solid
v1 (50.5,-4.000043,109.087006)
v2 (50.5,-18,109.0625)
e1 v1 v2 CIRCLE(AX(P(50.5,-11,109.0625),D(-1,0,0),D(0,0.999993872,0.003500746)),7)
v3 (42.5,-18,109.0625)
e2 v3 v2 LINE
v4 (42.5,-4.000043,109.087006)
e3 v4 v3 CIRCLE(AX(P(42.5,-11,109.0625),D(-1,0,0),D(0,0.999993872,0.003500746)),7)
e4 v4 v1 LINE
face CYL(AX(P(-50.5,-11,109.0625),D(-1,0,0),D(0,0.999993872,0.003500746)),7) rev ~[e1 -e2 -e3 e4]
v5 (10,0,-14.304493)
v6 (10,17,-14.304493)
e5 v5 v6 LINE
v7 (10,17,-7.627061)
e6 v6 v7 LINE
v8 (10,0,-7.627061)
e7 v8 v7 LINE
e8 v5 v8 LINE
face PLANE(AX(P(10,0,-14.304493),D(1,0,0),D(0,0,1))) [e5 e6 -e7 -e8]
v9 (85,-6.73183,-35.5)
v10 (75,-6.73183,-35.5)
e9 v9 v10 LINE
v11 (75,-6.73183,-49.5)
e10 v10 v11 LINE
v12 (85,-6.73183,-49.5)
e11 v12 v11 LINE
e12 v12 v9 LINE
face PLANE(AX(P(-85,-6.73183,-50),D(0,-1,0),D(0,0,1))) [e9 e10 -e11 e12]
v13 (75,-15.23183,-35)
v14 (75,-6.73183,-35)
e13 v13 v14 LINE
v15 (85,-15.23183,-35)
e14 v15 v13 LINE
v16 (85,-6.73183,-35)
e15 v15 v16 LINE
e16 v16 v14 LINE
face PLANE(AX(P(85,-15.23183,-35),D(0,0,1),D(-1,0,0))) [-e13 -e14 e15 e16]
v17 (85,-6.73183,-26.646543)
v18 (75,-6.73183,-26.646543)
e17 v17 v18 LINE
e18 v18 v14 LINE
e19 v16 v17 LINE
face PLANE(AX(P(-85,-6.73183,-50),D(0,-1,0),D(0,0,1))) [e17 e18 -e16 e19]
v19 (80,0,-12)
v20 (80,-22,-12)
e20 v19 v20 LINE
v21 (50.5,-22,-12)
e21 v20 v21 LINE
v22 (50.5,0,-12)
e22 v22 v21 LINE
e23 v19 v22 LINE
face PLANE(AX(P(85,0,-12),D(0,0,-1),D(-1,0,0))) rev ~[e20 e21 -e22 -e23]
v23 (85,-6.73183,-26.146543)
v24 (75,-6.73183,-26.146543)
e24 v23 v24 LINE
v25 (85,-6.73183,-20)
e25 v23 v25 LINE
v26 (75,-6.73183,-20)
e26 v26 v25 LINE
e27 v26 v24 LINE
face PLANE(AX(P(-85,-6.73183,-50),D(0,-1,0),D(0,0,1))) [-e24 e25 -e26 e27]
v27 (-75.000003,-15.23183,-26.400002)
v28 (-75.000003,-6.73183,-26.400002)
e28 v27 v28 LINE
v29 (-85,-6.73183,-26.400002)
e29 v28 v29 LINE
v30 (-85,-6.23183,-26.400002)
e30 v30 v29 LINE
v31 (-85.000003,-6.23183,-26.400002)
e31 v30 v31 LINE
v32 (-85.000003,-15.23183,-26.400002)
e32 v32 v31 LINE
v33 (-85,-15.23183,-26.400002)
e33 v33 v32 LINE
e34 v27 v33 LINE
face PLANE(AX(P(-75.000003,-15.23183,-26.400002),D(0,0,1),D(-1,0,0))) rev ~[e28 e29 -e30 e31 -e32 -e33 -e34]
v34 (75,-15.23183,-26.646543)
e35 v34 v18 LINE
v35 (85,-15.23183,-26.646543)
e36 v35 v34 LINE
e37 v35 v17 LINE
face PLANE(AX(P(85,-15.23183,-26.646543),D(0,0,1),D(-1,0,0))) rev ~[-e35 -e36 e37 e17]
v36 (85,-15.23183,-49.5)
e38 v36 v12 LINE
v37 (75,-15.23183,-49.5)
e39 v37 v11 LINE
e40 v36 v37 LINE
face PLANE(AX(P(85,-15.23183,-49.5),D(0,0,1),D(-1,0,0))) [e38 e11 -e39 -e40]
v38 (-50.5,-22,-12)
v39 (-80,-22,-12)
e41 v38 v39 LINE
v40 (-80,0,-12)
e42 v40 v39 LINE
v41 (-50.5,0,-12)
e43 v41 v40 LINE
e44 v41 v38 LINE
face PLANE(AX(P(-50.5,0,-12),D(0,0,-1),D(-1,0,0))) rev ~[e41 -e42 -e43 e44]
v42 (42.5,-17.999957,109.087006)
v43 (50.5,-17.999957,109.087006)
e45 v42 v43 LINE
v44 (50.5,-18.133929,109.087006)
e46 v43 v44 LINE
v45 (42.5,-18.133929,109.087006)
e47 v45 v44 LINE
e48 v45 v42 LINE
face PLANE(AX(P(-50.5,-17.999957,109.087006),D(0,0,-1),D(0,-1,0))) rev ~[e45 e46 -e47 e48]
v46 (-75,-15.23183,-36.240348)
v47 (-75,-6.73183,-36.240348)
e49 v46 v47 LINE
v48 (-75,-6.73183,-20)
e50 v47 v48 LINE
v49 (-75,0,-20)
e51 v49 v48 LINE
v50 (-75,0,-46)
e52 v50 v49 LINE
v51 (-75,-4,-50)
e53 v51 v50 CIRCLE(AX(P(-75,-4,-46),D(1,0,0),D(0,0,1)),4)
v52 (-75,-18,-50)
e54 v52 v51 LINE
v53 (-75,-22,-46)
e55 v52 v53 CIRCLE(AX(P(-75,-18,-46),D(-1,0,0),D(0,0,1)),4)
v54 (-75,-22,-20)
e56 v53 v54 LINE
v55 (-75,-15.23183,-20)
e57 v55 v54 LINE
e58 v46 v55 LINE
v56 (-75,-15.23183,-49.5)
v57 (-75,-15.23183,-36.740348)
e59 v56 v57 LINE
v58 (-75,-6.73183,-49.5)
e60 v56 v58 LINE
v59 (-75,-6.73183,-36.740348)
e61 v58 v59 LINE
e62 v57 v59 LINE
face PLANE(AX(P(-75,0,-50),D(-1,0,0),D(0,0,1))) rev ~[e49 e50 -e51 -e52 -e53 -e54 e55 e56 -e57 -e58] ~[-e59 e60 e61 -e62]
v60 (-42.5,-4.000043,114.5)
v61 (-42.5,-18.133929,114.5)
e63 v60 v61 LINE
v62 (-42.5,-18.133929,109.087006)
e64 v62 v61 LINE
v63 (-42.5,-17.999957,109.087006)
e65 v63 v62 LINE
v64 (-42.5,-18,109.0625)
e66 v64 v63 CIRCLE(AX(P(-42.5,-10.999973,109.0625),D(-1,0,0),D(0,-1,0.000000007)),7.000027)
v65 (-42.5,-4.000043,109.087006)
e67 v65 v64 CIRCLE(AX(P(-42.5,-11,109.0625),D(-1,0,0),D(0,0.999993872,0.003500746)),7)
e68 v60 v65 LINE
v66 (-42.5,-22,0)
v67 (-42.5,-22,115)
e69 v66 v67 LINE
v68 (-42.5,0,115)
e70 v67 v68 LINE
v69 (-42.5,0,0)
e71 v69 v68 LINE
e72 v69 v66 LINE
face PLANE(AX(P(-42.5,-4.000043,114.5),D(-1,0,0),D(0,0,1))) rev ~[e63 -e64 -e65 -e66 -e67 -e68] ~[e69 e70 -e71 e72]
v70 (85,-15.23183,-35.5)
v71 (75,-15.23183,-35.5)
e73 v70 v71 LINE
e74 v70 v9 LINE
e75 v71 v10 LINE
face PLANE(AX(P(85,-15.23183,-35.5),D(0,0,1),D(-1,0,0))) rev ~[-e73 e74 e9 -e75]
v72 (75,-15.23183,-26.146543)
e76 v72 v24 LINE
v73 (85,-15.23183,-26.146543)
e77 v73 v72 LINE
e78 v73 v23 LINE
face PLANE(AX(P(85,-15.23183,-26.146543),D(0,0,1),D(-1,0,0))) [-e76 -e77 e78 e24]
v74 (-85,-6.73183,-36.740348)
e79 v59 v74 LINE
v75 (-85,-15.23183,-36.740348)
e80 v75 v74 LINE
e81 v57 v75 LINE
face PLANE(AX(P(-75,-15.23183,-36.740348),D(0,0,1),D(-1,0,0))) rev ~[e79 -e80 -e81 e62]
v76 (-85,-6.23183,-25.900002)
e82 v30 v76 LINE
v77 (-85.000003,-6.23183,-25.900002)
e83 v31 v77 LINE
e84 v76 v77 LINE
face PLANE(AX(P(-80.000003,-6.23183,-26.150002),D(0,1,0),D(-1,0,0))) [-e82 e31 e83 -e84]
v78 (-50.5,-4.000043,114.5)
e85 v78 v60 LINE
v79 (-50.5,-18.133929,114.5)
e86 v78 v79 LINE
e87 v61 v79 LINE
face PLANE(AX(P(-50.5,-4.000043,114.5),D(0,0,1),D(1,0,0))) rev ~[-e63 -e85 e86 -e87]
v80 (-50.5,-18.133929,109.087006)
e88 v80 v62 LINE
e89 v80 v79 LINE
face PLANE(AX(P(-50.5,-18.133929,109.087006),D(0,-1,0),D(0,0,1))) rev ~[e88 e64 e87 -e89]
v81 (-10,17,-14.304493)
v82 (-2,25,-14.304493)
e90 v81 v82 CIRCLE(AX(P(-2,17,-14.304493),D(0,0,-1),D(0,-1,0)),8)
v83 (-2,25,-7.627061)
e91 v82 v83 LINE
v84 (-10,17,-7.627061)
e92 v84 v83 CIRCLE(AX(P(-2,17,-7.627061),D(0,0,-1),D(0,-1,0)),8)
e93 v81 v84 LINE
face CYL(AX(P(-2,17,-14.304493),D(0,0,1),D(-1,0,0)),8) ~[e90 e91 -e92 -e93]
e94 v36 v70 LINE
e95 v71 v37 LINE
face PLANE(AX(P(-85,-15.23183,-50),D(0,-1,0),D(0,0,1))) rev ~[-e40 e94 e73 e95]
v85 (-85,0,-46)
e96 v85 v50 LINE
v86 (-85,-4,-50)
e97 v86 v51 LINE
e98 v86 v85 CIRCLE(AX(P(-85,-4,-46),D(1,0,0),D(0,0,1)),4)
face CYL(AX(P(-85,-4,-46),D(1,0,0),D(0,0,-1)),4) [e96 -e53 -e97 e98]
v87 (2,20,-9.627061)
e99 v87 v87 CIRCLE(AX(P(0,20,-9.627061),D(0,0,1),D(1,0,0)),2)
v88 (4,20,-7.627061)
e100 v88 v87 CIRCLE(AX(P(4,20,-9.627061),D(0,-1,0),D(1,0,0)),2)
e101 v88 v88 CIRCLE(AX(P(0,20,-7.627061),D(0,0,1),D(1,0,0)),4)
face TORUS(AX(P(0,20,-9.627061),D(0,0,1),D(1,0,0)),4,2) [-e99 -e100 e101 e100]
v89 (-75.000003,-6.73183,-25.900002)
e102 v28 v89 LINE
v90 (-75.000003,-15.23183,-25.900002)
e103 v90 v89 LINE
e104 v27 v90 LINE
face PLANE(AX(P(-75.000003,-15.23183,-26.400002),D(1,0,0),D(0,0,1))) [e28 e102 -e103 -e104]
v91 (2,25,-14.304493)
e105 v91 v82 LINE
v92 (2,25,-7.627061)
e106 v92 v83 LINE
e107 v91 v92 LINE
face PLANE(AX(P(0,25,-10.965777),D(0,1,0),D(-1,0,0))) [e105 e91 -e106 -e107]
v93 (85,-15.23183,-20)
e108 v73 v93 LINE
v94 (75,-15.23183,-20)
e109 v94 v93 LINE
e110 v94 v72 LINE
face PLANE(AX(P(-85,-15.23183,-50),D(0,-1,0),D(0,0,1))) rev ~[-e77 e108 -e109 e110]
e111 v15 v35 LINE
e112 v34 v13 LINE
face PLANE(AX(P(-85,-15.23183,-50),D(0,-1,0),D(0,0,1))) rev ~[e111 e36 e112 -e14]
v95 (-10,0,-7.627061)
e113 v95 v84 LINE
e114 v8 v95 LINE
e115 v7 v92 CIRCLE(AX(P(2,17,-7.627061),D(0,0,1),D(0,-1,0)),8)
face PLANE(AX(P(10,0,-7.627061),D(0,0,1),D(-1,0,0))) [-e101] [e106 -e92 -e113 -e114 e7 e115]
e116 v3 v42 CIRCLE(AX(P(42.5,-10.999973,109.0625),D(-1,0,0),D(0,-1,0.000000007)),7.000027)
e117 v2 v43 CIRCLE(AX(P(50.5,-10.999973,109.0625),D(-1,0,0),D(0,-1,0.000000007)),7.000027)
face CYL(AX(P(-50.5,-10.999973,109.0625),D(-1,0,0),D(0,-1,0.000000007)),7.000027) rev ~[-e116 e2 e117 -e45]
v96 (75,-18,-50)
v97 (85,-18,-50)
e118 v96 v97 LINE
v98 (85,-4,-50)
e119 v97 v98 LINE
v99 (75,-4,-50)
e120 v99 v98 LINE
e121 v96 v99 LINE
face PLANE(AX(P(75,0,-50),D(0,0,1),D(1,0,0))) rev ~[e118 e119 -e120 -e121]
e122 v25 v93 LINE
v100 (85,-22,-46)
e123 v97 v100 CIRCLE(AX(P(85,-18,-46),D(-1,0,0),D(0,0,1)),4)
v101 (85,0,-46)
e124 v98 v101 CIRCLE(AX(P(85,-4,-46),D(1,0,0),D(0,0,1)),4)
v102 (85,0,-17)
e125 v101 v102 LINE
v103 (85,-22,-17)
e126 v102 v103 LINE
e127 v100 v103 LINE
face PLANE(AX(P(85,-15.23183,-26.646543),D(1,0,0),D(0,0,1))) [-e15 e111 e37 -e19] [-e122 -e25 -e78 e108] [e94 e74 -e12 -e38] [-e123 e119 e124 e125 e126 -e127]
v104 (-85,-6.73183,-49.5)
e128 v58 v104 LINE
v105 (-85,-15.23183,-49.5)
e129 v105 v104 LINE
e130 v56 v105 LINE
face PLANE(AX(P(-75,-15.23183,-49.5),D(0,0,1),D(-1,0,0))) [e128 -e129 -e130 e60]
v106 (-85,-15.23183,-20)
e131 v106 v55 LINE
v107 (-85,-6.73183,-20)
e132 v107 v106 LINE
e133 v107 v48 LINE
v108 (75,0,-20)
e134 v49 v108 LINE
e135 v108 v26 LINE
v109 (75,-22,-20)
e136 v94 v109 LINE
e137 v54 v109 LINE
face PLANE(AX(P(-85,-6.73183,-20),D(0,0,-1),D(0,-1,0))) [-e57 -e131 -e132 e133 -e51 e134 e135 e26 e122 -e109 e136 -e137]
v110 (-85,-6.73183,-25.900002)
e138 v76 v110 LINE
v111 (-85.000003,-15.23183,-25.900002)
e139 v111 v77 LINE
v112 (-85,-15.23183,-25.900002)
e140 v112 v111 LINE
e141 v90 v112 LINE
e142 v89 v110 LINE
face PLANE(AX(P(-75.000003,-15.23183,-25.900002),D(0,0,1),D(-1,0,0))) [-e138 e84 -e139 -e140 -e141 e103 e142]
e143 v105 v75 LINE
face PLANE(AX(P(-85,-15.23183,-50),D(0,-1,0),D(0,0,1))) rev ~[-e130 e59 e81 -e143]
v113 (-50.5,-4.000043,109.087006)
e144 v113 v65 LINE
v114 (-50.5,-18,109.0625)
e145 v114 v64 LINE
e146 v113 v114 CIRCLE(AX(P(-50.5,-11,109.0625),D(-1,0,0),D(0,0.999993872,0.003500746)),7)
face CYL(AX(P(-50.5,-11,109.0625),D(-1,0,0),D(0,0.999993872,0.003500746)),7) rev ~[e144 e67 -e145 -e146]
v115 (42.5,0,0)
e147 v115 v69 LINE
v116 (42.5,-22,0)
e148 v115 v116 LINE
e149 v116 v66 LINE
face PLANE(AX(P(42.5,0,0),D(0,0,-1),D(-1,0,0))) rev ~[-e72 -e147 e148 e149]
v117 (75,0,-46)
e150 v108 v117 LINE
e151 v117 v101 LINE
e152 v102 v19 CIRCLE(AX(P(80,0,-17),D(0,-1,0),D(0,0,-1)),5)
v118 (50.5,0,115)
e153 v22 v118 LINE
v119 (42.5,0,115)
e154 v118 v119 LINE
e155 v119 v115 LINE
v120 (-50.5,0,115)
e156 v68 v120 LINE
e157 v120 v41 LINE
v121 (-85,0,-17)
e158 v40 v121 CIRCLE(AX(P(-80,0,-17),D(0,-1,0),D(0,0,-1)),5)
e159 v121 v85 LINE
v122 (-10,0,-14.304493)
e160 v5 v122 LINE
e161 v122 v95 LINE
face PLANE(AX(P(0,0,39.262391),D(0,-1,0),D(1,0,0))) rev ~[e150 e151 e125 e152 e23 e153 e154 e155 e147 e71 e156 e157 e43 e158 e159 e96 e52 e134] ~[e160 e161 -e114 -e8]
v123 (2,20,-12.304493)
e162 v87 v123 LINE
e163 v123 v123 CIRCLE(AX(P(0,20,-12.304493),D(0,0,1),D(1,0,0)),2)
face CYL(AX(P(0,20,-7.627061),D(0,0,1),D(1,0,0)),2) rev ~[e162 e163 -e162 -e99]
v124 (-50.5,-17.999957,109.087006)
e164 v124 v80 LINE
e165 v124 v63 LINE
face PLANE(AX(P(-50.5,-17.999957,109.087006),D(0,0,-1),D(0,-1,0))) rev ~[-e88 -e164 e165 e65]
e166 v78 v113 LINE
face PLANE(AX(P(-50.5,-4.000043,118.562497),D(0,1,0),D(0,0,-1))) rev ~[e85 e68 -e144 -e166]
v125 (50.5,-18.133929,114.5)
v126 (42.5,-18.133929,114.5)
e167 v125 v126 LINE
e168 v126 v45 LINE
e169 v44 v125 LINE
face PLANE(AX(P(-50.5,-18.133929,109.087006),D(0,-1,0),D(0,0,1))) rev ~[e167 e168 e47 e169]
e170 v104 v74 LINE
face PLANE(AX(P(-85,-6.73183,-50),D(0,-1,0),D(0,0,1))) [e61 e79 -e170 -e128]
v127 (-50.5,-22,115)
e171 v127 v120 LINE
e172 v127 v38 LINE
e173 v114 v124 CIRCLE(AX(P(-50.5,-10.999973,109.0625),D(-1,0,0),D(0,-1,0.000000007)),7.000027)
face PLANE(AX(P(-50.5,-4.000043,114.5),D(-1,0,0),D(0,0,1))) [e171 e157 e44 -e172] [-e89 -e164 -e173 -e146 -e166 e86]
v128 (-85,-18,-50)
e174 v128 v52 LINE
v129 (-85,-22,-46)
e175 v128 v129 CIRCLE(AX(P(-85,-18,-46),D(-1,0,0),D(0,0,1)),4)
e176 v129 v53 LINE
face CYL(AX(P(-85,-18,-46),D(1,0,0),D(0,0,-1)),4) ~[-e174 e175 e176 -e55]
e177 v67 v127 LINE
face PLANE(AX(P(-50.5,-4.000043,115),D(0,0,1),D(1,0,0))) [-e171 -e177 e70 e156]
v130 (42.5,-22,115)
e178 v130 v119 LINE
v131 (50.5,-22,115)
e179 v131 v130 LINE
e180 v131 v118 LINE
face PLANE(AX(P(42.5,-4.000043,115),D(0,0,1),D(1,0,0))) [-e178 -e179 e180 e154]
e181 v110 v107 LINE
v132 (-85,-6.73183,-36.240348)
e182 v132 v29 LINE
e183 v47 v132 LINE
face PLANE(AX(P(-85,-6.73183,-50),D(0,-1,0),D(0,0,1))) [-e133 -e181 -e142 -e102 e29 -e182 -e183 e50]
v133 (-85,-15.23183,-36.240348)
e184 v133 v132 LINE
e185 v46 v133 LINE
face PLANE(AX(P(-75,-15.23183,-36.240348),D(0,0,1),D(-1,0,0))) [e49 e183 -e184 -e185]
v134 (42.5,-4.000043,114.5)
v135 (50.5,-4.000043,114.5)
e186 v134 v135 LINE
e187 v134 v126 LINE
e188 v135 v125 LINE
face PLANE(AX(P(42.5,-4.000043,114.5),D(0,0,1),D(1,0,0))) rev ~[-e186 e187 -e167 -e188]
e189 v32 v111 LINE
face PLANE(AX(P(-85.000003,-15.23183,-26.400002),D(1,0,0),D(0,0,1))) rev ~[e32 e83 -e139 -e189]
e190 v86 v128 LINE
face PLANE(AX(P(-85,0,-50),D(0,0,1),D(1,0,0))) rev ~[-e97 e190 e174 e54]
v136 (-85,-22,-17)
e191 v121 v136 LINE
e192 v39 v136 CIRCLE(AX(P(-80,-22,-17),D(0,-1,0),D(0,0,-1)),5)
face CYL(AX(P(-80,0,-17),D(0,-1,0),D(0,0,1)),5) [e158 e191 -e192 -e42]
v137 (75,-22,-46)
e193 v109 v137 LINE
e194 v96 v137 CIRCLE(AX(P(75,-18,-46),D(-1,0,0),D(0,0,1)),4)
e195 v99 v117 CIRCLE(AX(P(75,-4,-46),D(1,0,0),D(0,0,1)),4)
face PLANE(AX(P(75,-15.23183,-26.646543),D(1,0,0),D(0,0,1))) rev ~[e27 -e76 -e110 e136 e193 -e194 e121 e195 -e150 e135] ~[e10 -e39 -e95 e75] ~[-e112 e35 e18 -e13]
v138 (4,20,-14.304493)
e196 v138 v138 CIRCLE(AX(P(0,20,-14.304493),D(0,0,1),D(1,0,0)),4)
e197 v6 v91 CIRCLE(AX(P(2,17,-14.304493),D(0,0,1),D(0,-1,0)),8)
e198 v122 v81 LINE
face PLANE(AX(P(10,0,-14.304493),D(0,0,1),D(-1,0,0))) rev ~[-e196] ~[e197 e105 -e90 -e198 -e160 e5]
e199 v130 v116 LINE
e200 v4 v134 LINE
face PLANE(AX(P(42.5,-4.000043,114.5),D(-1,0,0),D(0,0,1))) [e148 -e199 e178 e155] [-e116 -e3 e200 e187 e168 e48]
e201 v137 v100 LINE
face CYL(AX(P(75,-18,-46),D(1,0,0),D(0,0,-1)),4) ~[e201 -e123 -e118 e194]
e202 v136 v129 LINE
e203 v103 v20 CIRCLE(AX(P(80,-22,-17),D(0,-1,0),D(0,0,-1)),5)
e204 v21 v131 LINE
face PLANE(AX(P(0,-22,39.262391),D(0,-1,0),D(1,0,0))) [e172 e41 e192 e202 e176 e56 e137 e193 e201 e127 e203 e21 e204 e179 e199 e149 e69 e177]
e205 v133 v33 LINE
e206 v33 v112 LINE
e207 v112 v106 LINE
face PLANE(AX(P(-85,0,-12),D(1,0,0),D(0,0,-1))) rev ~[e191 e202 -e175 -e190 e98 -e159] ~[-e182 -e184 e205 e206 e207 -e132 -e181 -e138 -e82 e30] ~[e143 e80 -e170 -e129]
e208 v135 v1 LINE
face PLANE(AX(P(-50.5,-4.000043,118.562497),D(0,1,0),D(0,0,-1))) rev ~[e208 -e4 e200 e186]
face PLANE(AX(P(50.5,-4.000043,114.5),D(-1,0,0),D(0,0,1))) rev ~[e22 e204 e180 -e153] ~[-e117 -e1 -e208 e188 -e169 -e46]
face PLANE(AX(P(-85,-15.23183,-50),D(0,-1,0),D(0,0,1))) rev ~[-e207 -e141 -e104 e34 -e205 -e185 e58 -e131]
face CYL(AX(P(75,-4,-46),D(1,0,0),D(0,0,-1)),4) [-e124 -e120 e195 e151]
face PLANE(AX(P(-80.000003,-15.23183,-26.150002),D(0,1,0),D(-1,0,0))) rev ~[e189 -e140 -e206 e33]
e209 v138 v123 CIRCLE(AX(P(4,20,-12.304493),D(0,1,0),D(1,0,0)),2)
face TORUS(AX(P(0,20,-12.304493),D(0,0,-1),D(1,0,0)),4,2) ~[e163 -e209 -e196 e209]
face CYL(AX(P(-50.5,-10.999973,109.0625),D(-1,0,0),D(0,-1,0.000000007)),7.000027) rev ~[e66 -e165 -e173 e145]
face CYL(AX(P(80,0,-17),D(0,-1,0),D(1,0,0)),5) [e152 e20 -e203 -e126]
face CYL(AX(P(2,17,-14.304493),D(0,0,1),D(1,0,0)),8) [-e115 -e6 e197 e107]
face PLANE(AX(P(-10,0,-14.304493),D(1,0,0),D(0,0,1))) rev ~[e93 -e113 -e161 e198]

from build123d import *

# Parameters (mm, degrees)
F1_DEPTH  = 22
F2_R      = 5
F4_DEPTH  = 180
F5_W      = 8
F5_H      = 0.5
F6_DEPTH  = 15
F7_W      = 8
F7_H      = 0.5
F8_DEPTH  = 15
F9_R      = 4
F10_W     = 8.5
F10_H     = 30
F11_DEPTH = 195
F12_W     = 20
F12_H     = 6.6774320376
F13_DEPTH = 25
F14_R     = 8
F15_R     = 2
F16_DEPTH = 25
F17_R     = 2
F18_W     = 10
F18_H     = 0.5
F19_DEPTH = 10
F20_W     = 10
F20_H     = 0.5
F21_DEPTH = 9


with BuildPart() as f1:
    # F0 (on Front) → F1 (new body)
    with BuildSketch(Plane.XZ):
        Polygon((-42.5, 0), (-42.5, 115), (-50.5, 115), (-50.5, -12), (0, -12), (50.5, -12), (50.5, 115), (42.5, 115), (42.5, 0), align=None)
        Polygon((0, -12), (-50.5, -12), (-85, -12), (-85, -50), (-75, -50), (-75, -20), (75, -20), (75, -50), (85, -50), (85, -12), (50.5, -12), align=None)
    extrude(amount=F1_DEPTH)

    # F2
    f2_edges = [f1.edges().sort_by_distance(p)[0] for p in [
        (-85, -11, -12),
        (85, -11, -12),
    ]]
    fillet(f2_edges, radius=F2_R)

    # F3 (on face) → F4 (cut)
    with BuildSketch(Plane(origin=(-50.5, 0, 0), x_dir=(0, -1, 0), z_dir=(-1, 0, 0))):
        with BuildLine():
            Line((4.0000428934, 115), (7.2924270352, 115))
            ThreePointArc((7.2924270352, 115), (11, 116.062500298), (14.7075729648, 115))
            Line((14.7075729648, 115), (18.1339288354, 115))
            Line((18.1339288354, 115), (18.1339288354, 118.5624971986))
            Line((18.1339288354, 118.5624971986), (4.0000428934, 118.5624971986))
            Line((4.0000428934, 118.5624971986), (4.0000428934, 115))
        make_face()
        with BuildLine():
            Line((17.9999571066, 109.0870055167), (4.0000428934, 109.0870055167))
            ThreePointArc((4.0000428934, 109.0870055167), (10.9877473719, 102.0625110214), (18, 109.062500298))
            ThreePointArc((18, 109.062500298), (17.9999892766, 109.0747529262), (17.9999571066, 109.0870055167))
        make_face()
        with BuildLine():
            ThreePointArc((7.2924270352, 115), (4.8841455219, 112.4678378735), (4.0000428934, 109.0870055167))
            Line((4.0000428934, 109.0870055167), (17.9999571066, 109.0870055167))
            ThreePointArc((17.9999571066, 109.0870055167), (17.1158544781, 112.4678378735), (14.7075729648, 115))
            Line((14.7075729648, 115), (7.2924270352, 115))
        make_face()
        with BuildLine():
            ThreePointArc((14.7075729648, 115), (17.1158544781, 112.4678378735), (17.9999571066, 109.0870055167))
            Line((17.9999571066, 109.0870055167), (18.1339288354, 109.0870055167))
            Line((18.1339288354, 109.0870055167), (18.1339288354, 115))
            Line((18.1339288354, 115), (14.7075729648, 115))
        make_face()
        with BuildLine():
            Line((4.0000428934, 115), (4.0000428934, 109.0870055167))
            ThreePointArc((4.0000428934, 109.0870055167), (4.8841455219, 112.4678378735), (7.2924270352, 115))
            Line((7.2924270352, 115), (4.0000428934, 115))
        make_face()
    extrude(amount=-F4_DEPTH, mode=Mode.SUBTRACT)

    # F5 (on face) → F6 (join)
    with BuildSketch(Plane.XZ.offset(4.0000428934)):
        with Locations((-46.5, 114.75)):
            Rectangle(F5_W, F5_H)
    extrude(amount=F6_DEPTH)

    # F7 (on face) → F8 (join)
    with BuildSketch(Plane.XZ.offset(4.0000428934)):
        with Locations((46.5, 114.75)):
            Rectangle(F7_W, F7_H)
    extrude(amount=F8_DEPTH)

    # F9
    f9_edges = [f1.edges().sort_by_distance(p)[0] for p in [
        (-80, -22, -50),
        (-80, 0, -50),
        (80, -22, -50),
        (80, 0, -50),
    ]]
    fillet(f9_edges, radius=F9_R)

    # F10 (on face) → F11 (cut)
    with BuildSketch(Plane(origin=(-85, 0, 0), x_dir=(0, -1, 0), z_dir=(-1, 0, 0))):
        with Locations((10.98183, -35)):
            Rectangle(F10_W, F10_H)
    extrude(amount=-F11_DEPTH, mode=Mode.SUBTRACT)

    # F12 (on face) → F13 (join)
    with BuildSketch(Plane(origin=(0, 0, 0), x_dir=(-1, 0, 0), z_dir=(0, 1, 0))):
        with Locations((0, -10.9657765897)):
            Rectangle(F12_W, F12_H)
    extrude(amount=F13_DEPTH)

    # F14
    f14_edges = [f1.edges().sort_by_distance(p)[0] for p in [
        (10, 25, -10.965777),
        (-10, 25, -10.965777),
    ]]
    fillet(f14_edges, radius=F14_R)

    # F15 (on face) → F16 (cut)
    with BuildSketch(Plane.XY.offset(-7.6270605709)):
        with Locations((0, 20)):
            Circle(F15_R)
    extrude(amount=-F16_DEPTH, mode=Mode.SUBTRACT)

    # F17
    f17_edges = [f1.edges().sort_by_distance(p)[0] for p in [
        (-2, 20, -7.627061),
        (-2, 20, -14.304493),
    ]]
    fillet(f17_edges, radius=F17_R)

    # F18 (on face) → F19 (join)
    with BuildSketch(Plane(origin=(0, -15.23183, 0), x_dir=(-1, 0, 0), z_dir=(0, 1, 0))):
        with Locations((-80, -26.3965432942)):
            Rectangle(F18_W, F18_H)
        with Locations((-80, -49.75)):
            Rectangle(F18_W, F18_H)
        with Locations((-80, -35.25)):
            Rectangle(F18_W, F18_H)
    extrude(amount=F19_DEPTH)

    # F20 (on face) → F21 (join)
    with BuildSketch(Plane(origin=(0, -15.23183, 0), x_dir=(-1, 0, 0), z_dir=(0, 1, 0))):
        with Locations((80.0000029802, -26.1500017196)):
            Rectangle(F20_W, F20_H)
        with Locations((80, -49.75)):
            Rectangle(F20_W, F20_H)
        with Locations((80, -36.490347743)):
            Rectangle(F20_W, F20_H)
    extrude(amount=F21_DEPTH)


solid = f1.part
